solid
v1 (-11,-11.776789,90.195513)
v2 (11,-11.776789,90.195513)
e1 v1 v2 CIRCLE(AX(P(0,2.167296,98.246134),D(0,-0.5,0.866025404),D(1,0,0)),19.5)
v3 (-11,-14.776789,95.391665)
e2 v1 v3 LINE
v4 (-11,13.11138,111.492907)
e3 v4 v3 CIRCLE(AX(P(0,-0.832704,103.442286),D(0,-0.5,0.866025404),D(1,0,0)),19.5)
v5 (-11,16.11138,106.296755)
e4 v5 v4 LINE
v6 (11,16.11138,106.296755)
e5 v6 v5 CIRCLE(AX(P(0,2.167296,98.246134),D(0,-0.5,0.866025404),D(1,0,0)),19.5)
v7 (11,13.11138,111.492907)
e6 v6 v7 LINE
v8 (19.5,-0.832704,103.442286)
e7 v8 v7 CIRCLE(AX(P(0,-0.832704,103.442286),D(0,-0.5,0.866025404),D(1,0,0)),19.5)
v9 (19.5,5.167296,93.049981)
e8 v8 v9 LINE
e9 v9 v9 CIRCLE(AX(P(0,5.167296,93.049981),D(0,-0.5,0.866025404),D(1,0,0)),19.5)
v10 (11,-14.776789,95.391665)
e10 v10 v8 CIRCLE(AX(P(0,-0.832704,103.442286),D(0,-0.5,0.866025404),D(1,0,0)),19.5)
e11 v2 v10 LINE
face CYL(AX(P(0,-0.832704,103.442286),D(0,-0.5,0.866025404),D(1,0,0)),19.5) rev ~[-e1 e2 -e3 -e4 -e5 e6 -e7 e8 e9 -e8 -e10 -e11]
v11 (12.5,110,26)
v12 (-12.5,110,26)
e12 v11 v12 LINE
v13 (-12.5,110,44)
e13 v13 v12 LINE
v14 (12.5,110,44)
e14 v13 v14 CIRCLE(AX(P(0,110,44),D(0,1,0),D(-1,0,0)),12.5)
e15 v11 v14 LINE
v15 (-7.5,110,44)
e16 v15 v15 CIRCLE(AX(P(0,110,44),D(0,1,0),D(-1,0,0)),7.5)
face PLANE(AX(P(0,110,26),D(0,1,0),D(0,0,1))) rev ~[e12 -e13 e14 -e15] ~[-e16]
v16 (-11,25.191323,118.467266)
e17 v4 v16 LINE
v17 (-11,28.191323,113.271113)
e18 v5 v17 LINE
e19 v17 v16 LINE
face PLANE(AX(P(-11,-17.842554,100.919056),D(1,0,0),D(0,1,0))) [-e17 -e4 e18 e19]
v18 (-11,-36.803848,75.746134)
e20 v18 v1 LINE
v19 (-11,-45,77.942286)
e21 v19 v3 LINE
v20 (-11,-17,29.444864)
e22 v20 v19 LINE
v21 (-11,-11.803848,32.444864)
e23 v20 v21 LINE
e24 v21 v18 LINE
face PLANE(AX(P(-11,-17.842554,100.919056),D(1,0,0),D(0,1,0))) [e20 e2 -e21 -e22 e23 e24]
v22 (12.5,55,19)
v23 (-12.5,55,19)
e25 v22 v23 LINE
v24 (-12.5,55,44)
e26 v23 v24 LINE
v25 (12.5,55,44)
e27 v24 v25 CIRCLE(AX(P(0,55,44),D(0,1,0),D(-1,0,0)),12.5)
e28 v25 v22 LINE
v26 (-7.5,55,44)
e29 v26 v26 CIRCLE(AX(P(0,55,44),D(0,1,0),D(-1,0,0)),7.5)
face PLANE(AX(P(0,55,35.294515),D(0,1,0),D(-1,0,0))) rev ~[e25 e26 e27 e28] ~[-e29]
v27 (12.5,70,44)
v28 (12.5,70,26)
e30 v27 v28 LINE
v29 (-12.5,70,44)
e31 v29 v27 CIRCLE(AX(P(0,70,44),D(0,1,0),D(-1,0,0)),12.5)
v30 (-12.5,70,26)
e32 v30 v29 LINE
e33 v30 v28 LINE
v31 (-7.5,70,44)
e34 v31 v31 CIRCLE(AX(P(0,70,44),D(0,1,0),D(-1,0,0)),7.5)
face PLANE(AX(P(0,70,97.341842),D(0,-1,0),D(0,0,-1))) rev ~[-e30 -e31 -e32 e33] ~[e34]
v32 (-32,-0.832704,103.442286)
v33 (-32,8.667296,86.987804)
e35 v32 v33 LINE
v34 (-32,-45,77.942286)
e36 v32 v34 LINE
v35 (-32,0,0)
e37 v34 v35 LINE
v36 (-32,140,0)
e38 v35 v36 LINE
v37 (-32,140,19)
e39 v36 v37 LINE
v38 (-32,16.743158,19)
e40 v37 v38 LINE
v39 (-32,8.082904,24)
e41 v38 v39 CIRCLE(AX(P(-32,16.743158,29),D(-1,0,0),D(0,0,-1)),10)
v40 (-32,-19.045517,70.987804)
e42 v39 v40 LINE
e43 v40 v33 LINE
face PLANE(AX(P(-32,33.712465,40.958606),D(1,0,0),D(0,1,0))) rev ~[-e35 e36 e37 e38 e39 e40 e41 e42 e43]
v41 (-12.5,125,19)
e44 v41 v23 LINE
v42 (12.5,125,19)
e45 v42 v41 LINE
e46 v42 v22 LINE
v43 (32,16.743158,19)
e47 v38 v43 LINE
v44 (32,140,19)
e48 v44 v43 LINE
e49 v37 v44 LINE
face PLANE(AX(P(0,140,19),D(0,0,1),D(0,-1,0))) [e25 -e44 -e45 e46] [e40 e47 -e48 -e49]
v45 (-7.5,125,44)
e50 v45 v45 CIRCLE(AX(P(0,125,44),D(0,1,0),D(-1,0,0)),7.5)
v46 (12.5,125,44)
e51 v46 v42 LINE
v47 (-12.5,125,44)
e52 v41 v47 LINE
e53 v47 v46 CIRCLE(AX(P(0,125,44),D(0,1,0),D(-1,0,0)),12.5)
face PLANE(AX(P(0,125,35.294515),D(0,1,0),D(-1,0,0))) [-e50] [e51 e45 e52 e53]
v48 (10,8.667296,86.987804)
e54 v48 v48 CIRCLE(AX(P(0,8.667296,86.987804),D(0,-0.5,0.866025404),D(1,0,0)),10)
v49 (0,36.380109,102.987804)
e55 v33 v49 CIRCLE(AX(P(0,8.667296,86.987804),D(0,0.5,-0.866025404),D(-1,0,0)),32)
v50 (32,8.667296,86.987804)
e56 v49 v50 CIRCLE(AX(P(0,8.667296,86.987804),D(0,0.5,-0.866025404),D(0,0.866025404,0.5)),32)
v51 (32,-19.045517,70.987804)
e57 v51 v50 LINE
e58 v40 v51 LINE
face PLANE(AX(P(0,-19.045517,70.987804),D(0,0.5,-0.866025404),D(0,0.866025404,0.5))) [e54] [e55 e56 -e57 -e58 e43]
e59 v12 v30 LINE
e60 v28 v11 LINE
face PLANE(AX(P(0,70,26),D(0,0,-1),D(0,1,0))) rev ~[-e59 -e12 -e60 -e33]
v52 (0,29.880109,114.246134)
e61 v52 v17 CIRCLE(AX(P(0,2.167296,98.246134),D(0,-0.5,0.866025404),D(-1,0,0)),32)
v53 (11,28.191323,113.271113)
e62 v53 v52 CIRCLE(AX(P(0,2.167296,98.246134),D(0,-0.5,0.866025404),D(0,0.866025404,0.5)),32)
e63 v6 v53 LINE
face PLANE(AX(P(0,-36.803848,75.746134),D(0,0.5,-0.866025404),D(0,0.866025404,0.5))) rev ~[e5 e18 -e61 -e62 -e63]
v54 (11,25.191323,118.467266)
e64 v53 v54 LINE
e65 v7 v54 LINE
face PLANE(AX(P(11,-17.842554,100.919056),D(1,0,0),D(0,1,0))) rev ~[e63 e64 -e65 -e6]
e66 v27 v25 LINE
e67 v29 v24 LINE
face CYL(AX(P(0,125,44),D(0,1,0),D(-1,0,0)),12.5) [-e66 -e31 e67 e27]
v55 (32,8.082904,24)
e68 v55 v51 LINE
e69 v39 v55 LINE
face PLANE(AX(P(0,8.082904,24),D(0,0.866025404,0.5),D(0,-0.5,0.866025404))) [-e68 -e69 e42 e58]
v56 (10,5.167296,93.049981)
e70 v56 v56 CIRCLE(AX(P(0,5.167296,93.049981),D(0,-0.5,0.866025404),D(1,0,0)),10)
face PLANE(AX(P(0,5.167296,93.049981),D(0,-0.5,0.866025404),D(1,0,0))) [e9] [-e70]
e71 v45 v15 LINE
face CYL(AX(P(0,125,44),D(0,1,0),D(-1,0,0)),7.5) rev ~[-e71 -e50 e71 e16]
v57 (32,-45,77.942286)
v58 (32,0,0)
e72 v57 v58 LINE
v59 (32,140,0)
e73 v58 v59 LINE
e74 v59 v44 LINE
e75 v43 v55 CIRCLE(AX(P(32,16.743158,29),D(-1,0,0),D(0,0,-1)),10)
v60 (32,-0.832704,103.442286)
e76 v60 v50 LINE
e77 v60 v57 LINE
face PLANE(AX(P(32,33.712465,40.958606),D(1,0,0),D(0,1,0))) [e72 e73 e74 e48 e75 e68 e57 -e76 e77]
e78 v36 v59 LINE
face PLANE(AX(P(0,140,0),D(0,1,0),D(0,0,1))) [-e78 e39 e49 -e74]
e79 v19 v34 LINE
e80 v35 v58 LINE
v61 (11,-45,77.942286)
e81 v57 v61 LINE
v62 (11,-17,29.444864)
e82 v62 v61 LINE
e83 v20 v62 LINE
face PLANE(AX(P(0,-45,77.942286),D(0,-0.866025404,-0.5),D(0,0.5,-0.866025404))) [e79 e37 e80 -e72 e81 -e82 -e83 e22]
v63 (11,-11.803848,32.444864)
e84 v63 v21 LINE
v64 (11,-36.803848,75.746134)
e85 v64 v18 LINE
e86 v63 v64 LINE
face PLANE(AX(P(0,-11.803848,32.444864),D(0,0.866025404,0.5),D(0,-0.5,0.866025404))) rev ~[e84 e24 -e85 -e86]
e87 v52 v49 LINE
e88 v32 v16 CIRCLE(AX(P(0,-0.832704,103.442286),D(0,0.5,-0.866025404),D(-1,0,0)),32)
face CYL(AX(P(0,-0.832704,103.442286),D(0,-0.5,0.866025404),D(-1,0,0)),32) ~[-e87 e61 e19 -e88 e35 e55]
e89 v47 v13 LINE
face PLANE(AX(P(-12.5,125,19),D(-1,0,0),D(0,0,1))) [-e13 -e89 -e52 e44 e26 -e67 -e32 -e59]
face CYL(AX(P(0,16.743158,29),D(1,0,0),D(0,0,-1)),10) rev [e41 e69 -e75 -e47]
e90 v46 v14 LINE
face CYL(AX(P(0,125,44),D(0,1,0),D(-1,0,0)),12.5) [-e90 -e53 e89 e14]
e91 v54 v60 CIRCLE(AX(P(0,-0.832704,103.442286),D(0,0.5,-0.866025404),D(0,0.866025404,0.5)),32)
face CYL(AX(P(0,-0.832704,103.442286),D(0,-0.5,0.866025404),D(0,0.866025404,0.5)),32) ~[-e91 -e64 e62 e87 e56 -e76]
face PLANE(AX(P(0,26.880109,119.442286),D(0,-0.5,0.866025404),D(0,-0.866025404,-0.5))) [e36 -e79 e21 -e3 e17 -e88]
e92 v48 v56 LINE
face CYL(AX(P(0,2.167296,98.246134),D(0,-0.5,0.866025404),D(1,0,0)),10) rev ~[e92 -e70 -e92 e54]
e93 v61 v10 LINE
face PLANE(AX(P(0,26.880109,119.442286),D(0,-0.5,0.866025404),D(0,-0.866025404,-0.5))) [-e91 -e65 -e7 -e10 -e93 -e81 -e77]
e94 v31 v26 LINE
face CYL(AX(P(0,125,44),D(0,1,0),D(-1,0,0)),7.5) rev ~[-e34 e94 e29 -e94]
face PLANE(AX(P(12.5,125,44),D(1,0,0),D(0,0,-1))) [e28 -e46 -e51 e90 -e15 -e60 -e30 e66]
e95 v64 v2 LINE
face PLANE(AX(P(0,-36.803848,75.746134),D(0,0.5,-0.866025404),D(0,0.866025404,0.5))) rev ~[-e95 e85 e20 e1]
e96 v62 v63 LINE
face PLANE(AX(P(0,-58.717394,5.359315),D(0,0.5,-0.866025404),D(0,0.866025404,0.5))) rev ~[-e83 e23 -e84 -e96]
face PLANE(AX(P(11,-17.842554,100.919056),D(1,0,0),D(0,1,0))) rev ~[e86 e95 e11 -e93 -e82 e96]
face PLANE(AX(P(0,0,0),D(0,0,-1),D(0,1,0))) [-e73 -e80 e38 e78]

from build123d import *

# Parameters (mm, degrees)
F1_DEPTH  = 32
F3_DEPTH  = 19
F5_DEPTH  = 11
F6_R      = 10
F7_DEPTH  = 25
F8_R      = 19.5
F9_DEPTH  = 12
F11_R     = 7.5
F12_DEPTH = 70
F14_DEPTH = 32


with BuildPart() as f1:
    # F0 (on Right) → F1 (new body, symmetric)
    with BuildSketch(Plane.YZ):
        with BuildLine():
            Line((-45, 77.9422863406), (0, 0))
            Line((0, 0), (140, 0))
            Line((140, 0), (140, 19))
            Line((140, 19), (16.7431578065, 19))
            ThreePointArc((16.7431578065, 19), (11.7431578065, 20.3397459622), (8.0829037687, 24))
            Line((8.0829037687, 24), (-19.0455173281, 70.9878036687))
            Line((-19.0455173281, 70.9878036687), (36.3801085141, 102.9878036687))
            Line((36.3801085141, 102.9878036687), (26.8801085141, 119.4422863406))
            Line((26.8801085141, 119.4422863406), (-45, 77.9422863406))
        make_face()
    extrude(amount=F1_DEPTH, both=True)

    # F2 (on face) → F3 (cut, through all)
    with BuildSketch(Plane(origin=(0, -45, 77.9422863406), x_dir=(1, 0, 0), z_dir=(0, -0.5, 0.8660254038))):
        with BuildLine():
            Line((32, 83), (0, 83))
            ThreePointArc((0, 83), (22.627416998, 73.627416998), (32, 51))
            Line((32, 51), (32, 83))
        make_face()
        with BuildLine():
            Line((-32, 83), (-32, 51))
            ThreePointArc((-32, 51), (-22.627416998, 73.627416998), (0, 83))
            Line((0, 83), (-32, 83))
        make_face()
        Polygon((-106.2661910977, 51), (-32, 51), (-32, 83), (0, 83), (32, 83), (32, 51), (106.2661910977, 51), (106.2661910977, 125.2661910977), (-106.2661910977, 125.2661910977), align=None)
    extrude(amount=-F3_DEPTH, mode=Mode.SUBTRACT)

    # F4 (on Right) → F5 (cut, symmetric)
    with BuildSketch(Plane.YZ):
        Polygon((-36.8038475773, 75.7461339179), (80.5091410398, 143.4768194754), (54.8271117013, 187.9593991312), (-109.3994230032, 93.1431651115), (-58.7173936647, 5.3593152665), (-11.8038475773, 32.4448637287), align=None)
    extrude(amount=F5_DEPTH, both=True, mode=Mode.SUBTRACT)

    # F6 (on face) → F7 (cut, symmetric)
    with BuildSketch(Plane(origin=(0, -42, 72.7461339179), x_dir=(1, 0, 0), z_dir=(0, -0.5, 0.8660254038))):
        with Locations((0, 51)):
            Circle(F6_R)
    extrude(amount=F7_DEPTH, both=True, mode=Mode.SUBTRACT)

    # F8 (on face) → F9 (cut)
    with BuildSketch(Plane(origin=(0, -45, 77.9422863406), x_dir=(1, 0, 0), z_dir=(0, -0.5, 0.8660254038))):
        with Locations((0, 51)):
            Circle(F8_R)
    extrude(amount=-F9_DEPTH, mode=Mode.SUBTRACT)

    # F11 (on offset) → F12 (join)
    with BuildSketch(Plane(origin=(0, 125, 0), x_dir=(-1, 0, 0), z_dir=(0, 1, 0))):
        with BuildLine():
            Line((-12.5, 44), (-12.5, 19))
            Line((-12.5, 19), (12.5, 19))
            Line((12.5, 19), (12.5, 44))
            ThreePointArc((12.5, 44), (0, 56.5), (-12.5, 44))
        make_face()
        with Locations((0, 44)):
            Circle(F11_R, mode=Mode.SUBTRACT)
    extrude(amount=-F12_DEPTH)

    # F13 (on Right) → F14 (cut, symmetric)
    with BuildSketch(Plane.YZ):
        Polygon((110, 97.3418423458), (70, 97.3418423458), (70, 26), (90, 26), (110, 26), align=None)
    extrude(amount=F14_DEPTH, both=True, mode=Mode.SUBTRACT)


solid = f1.part
